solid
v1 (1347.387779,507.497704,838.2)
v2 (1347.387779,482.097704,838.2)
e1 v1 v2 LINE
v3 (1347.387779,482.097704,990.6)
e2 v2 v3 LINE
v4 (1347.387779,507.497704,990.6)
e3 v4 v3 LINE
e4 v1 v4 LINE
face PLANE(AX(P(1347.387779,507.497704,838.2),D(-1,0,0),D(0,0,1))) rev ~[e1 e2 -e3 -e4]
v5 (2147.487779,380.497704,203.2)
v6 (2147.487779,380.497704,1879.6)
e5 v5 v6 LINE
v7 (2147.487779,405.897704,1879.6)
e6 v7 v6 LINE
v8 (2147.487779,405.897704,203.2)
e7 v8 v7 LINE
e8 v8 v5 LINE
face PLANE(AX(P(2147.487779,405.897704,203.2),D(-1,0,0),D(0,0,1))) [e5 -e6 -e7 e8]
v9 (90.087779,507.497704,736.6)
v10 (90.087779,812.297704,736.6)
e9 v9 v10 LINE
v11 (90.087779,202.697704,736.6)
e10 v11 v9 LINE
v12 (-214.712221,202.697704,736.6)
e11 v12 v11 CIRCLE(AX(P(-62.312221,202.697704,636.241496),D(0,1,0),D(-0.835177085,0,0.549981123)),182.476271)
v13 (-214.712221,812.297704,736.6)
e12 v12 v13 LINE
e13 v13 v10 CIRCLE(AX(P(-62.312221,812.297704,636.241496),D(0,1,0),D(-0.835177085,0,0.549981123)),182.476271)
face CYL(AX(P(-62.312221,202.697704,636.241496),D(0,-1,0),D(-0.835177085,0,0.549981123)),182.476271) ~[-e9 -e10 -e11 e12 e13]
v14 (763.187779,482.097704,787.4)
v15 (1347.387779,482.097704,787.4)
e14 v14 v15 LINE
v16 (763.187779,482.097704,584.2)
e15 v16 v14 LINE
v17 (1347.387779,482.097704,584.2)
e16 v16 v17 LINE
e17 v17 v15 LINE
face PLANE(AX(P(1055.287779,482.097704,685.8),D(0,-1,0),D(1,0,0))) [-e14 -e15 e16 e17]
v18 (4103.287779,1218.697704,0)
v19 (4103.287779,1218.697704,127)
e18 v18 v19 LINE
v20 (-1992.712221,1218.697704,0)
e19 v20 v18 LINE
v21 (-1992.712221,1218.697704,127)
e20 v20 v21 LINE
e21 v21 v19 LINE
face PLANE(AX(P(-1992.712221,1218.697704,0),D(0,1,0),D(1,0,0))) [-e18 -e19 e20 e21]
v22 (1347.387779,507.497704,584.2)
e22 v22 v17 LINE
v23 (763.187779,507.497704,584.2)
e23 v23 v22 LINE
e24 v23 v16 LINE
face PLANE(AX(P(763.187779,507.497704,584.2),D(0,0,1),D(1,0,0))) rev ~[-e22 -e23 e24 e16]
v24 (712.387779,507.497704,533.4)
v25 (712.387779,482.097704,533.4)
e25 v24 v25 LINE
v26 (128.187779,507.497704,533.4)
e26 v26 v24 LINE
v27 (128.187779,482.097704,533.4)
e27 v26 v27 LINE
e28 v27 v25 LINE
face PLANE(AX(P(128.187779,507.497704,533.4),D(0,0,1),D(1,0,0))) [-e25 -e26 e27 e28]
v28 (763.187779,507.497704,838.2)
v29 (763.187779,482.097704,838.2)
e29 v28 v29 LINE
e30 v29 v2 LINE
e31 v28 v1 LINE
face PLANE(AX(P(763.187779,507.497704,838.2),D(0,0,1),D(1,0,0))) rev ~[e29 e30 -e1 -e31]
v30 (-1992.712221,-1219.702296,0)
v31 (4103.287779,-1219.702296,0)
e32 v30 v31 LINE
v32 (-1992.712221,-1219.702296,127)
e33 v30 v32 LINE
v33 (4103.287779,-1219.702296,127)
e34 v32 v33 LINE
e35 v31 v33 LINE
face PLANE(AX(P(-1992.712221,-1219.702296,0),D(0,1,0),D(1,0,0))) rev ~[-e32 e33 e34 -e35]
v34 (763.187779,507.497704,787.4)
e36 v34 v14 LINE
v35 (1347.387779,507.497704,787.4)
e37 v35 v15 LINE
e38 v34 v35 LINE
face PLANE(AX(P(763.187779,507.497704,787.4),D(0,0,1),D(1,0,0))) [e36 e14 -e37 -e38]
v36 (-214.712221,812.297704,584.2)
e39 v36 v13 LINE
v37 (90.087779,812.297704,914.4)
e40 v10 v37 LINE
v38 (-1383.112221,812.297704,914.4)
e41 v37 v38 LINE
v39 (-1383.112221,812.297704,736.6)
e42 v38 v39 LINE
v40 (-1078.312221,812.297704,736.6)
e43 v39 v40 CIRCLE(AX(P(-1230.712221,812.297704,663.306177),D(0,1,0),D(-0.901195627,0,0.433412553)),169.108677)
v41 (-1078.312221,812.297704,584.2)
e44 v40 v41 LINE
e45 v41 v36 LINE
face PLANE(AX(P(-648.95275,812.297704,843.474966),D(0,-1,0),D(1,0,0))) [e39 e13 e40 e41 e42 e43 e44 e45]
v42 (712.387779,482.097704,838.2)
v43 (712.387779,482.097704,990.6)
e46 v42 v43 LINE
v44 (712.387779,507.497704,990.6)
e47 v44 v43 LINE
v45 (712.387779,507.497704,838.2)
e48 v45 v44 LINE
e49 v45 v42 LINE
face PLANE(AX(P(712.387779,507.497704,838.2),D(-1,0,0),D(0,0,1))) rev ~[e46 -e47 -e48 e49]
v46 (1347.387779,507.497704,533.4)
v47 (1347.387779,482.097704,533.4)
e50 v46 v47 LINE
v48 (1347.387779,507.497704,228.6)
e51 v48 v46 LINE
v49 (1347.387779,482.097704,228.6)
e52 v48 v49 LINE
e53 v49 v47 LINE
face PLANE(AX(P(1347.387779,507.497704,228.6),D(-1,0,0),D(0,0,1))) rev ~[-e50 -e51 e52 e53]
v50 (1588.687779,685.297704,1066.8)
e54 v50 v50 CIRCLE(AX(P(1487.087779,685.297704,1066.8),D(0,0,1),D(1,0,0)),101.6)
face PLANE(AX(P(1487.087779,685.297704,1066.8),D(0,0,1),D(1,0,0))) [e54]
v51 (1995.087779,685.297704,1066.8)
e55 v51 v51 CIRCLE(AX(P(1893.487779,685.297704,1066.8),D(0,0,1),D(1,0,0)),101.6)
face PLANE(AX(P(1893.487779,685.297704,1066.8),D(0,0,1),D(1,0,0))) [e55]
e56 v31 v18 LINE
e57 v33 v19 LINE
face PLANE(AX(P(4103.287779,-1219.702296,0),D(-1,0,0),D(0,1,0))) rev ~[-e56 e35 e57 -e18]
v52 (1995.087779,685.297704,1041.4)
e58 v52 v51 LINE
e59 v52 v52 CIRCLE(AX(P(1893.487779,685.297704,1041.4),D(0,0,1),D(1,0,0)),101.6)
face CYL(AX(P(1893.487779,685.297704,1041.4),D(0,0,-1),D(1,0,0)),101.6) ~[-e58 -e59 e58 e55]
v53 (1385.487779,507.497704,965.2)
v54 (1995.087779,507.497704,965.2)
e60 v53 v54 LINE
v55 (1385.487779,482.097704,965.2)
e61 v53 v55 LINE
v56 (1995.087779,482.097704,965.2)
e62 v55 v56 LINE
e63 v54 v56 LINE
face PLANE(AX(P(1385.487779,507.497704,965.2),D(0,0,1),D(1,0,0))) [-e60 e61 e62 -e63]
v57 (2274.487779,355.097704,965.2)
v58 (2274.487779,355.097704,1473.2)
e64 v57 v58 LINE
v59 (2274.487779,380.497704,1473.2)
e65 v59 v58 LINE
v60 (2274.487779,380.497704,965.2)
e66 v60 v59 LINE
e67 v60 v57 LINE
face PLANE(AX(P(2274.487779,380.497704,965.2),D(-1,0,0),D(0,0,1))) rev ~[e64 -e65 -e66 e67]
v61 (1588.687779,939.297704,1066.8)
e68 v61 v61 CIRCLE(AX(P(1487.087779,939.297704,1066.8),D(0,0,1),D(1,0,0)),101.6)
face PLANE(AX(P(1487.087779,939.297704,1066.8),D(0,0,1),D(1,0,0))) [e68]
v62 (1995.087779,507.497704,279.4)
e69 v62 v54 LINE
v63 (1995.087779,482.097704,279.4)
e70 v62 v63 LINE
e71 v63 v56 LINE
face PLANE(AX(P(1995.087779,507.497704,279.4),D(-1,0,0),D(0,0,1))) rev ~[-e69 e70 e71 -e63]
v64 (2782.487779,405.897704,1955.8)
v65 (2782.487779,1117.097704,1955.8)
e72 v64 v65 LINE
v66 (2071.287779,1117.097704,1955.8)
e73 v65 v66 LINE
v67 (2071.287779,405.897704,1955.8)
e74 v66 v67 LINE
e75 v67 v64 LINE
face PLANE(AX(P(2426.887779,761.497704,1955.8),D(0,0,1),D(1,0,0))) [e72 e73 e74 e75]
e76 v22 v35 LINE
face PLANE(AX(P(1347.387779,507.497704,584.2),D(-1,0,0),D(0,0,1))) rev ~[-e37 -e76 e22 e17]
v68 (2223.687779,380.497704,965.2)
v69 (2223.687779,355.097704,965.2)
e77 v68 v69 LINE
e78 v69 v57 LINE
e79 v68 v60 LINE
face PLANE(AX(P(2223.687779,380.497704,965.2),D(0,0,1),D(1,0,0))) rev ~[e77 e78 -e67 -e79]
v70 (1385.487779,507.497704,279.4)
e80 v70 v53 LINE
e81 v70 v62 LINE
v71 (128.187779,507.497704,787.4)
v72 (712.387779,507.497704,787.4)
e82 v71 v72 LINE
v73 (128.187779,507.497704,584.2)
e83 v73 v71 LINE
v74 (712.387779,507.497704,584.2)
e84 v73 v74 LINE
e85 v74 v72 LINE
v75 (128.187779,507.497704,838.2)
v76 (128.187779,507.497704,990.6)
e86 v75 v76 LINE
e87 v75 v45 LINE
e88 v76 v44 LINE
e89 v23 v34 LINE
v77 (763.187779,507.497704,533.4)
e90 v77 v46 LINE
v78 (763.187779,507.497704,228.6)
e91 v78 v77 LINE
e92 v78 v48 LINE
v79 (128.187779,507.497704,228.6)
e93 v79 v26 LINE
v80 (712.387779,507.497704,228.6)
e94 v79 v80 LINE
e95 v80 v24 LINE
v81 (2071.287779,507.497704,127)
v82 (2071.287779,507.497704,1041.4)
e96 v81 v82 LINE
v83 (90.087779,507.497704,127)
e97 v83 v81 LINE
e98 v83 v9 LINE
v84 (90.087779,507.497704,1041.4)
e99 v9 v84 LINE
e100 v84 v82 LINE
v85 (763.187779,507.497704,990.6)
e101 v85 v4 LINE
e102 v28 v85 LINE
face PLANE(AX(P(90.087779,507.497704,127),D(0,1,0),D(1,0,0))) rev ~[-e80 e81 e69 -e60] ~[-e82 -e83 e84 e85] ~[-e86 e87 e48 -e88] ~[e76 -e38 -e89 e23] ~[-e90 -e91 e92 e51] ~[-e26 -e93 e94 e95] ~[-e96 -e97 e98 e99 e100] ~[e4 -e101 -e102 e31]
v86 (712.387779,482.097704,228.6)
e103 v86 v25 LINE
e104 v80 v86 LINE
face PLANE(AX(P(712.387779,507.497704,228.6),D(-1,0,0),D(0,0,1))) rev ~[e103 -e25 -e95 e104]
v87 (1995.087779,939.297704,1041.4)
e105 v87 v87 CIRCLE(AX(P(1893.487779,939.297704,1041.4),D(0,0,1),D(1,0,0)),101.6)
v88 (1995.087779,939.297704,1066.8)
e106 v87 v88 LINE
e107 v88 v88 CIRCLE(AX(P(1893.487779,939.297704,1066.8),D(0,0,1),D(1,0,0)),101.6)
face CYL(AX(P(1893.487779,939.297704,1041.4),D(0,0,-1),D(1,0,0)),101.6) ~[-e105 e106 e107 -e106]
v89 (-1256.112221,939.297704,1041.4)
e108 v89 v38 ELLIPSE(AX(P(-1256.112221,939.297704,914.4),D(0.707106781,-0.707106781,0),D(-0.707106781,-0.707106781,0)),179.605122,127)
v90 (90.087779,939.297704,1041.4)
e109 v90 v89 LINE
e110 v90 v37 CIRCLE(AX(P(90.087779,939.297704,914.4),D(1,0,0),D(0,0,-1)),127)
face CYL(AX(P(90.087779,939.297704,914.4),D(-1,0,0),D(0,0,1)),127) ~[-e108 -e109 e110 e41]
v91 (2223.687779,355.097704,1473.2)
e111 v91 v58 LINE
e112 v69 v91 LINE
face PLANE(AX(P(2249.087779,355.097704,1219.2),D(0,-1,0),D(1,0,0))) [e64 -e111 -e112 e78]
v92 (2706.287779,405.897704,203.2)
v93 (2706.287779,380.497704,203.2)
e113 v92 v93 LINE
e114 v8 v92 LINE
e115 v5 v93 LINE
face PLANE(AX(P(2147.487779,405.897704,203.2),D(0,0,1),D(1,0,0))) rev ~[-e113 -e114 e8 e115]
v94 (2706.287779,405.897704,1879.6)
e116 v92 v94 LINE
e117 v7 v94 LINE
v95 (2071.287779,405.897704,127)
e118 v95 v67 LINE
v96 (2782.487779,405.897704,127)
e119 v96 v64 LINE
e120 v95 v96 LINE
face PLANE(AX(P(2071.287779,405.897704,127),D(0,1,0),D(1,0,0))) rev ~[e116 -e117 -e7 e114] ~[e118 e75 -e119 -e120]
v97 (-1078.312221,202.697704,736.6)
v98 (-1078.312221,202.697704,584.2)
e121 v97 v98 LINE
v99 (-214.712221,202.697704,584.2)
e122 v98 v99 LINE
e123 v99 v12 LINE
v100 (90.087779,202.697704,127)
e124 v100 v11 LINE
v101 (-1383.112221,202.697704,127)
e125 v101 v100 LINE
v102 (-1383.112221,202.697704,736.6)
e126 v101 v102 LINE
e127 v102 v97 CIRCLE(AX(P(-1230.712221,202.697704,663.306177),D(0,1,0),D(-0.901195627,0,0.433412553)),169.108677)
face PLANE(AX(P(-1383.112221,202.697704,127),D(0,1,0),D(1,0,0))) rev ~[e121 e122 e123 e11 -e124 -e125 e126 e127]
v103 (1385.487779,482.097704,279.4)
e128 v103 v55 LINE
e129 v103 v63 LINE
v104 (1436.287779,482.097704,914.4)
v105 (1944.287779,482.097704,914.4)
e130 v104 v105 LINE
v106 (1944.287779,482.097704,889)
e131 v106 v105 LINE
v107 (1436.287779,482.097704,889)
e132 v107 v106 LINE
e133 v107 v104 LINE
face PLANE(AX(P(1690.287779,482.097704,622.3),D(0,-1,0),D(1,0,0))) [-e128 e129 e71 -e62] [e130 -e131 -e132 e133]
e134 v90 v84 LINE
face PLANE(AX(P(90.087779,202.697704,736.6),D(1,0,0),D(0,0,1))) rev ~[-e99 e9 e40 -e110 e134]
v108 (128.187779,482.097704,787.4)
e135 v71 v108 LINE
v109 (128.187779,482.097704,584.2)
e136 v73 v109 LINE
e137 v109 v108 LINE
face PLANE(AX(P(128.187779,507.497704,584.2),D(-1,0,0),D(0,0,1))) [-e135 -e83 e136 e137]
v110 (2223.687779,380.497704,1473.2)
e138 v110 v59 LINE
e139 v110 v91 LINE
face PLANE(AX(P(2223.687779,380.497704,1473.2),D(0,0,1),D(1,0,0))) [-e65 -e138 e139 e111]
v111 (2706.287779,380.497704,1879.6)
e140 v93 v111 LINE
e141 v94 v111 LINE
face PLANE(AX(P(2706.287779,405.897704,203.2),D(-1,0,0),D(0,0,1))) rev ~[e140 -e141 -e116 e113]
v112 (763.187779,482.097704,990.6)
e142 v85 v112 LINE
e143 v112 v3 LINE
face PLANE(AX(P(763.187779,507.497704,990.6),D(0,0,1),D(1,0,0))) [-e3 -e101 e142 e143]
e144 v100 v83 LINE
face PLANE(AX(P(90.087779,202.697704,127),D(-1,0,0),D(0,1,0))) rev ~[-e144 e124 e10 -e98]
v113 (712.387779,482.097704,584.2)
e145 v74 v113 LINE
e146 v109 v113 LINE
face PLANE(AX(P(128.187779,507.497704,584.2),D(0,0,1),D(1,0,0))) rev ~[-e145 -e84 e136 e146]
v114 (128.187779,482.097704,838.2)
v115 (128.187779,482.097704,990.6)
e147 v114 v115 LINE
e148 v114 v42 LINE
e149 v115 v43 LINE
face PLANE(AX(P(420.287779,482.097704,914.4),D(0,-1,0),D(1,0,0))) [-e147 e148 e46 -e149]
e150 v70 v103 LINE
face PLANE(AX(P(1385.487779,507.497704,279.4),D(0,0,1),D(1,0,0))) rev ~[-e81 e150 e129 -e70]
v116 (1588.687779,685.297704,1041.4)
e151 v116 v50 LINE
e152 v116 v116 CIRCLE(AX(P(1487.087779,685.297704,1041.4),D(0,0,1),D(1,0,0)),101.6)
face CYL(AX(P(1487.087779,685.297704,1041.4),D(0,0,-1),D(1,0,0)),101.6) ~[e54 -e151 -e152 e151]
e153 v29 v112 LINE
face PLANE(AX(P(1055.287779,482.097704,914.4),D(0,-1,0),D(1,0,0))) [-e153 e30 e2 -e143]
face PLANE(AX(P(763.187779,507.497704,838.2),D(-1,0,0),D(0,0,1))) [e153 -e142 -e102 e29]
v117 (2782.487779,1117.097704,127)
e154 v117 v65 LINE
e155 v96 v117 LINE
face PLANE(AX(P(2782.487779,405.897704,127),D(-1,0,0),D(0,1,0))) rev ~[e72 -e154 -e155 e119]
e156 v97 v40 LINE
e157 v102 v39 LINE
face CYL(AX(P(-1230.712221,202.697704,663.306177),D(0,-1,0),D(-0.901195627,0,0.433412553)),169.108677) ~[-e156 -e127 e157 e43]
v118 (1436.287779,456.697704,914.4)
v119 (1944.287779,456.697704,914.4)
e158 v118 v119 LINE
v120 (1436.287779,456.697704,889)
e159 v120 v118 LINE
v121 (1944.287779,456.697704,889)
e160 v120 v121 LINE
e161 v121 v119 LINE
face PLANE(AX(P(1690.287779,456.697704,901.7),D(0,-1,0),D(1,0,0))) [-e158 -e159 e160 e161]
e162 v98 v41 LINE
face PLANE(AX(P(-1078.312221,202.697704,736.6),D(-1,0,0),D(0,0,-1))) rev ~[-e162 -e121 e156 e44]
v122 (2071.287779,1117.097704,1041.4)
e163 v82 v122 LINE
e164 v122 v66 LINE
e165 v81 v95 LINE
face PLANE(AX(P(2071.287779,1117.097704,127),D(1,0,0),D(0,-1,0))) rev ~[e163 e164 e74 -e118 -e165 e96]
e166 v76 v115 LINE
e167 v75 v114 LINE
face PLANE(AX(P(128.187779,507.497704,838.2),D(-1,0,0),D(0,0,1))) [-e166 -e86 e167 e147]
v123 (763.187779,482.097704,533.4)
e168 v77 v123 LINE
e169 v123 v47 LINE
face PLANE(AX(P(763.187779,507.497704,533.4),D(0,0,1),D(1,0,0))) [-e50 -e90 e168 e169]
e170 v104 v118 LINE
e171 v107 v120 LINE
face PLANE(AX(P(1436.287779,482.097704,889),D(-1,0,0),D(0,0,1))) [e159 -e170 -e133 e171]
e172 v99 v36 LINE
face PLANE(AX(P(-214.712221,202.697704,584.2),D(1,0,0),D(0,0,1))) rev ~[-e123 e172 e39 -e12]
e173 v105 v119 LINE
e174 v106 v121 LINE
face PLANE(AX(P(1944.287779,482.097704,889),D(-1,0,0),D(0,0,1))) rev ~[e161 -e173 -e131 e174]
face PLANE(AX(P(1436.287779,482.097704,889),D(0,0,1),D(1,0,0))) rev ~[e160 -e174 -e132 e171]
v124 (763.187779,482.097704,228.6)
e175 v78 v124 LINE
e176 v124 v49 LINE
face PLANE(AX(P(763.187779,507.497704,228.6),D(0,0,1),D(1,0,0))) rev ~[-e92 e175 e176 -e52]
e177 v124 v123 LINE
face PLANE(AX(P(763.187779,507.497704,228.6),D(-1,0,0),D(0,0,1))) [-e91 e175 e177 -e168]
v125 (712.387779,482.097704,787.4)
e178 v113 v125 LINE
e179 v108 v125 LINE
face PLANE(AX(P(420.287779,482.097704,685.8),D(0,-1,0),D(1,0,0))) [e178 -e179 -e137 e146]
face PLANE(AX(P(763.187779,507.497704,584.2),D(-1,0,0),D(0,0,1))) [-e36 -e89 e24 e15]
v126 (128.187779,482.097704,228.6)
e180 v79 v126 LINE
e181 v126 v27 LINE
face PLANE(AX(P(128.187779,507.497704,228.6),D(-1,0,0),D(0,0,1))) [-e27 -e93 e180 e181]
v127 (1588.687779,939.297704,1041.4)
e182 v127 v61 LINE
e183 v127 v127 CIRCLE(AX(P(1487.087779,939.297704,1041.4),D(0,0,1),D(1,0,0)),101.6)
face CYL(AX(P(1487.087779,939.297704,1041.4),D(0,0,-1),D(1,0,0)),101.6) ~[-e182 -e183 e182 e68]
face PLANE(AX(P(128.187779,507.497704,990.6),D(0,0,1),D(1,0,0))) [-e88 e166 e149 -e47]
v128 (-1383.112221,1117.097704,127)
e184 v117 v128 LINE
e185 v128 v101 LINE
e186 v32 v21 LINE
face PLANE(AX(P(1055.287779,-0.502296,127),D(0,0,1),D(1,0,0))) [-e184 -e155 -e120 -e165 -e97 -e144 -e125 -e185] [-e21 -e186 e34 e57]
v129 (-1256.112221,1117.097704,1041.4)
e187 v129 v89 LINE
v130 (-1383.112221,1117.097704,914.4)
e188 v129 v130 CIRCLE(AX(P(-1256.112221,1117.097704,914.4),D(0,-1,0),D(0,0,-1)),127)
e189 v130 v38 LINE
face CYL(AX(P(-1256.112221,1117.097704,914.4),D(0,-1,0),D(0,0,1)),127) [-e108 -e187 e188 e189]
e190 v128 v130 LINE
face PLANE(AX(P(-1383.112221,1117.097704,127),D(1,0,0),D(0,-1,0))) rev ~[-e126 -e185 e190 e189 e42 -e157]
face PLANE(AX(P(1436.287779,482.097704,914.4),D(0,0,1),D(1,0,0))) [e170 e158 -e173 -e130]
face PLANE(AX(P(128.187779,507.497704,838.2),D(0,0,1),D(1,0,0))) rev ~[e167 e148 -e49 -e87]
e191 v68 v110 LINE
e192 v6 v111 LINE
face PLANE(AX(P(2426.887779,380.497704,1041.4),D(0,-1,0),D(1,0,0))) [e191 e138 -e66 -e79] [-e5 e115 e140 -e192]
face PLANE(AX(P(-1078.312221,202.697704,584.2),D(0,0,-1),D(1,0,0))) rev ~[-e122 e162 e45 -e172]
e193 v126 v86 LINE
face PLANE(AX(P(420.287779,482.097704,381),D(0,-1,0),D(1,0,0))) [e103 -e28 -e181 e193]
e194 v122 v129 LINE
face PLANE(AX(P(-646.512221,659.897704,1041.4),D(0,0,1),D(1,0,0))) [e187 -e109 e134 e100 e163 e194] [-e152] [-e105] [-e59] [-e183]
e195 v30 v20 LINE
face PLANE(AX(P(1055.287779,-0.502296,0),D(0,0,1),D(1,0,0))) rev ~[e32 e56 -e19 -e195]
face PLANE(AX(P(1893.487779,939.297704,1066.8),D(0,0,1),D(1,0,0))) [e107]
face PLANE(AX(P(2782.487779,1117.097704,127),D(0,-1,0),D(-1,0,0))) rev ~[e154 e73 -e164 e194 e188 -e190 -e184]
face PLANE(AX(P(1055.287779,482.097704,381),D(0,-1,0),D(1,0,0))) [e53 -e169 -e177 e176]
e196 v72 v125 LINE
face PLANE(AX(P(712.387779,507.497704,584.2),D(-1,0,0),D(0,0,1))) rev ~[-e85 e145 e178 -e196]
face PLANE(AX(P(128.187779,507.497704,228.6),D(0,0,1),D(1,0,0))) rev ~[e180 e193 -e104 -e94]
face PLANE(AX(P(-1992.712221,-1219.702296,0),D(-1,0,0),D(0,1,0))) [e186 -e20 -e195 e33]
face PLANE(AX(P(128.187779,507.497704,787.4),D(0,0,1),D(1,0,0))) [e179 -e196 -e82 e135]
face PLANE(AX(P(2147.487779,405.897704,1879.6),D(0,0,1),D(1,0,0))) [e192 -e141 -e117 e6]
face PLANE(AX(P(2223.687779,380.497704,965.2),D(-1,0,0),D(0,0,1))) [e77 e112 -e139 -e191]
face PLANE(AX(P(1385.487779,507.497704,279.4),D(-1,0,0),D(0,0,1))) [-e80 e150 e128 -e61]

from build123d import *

# Parameters (mm, degrees)
F0_W      = 6096
F0_H      = 2438.4
F1_DEPTH  = 127
F2_W      = 1219.2
F2_H      = 609.6
F2_W_2    = 762
F3_DEPTH  = 914.4
F4_DEPTH  = 1828.8
F5_R      = 101.6
F6_DEPTH  = 25.4
F7_W      = 609.6
F7_H      = 685.8
F8_DEPTH  = 25.4
F9_W      = 508
F9_H      = 25.4
F10_DEPTH = 25.4
F11_W     = 558.8
F11_H     = 1676.4
F12_DEPTH = 25.4
F13_W     = 50.8
F13_H     = 508
F14_DEPTH = 25.4
F15_W     = 584.2
F15_H     = 152.4
F15_H_2   = 203.2
F15_H_3   = 304.8
F16_DEPTH = 25.4
F18_DEPTH = 609.6
F19_R     = 127


with BuildPart() as f1:
    # F0 (on Top) → F1 (new body)
    with BuildSketch(Plane.XY):
        with Locations((1055.2877792192, -0.5022957921)):
            Rectangle(F0_W, F0_H)
    extrude(amount=F1_DEPTH)

    # F2 (on face) → F3 (join)
    with BuildSketch(Plane.XY.offset(127)):
        Polygon((90.0877792192, 1117.0977042079), (-1383.1122207808, 1117.0977042079), (-1383.1122207808, 507.4977042079), (-1383.1122207808, 202.6977042079), (90.0877792192, 202.6977042079), (90.0877792192, 507.4977042079), align=None)
        with Locations((699.6877792192, 812.2977042079)):
            Rectangle(F2_W, F2_H)
        with Locations((1690.2877792192, 812.2977042079)):
            Rectangle(F2_W_2, F2_H)
    extrude(amount=F3_DEPTH)

    # F2 (on face) → F4 (join)
    with BuildSketch(Plane.XY.offset(127)):
        Polygon((2782.4877792192, 1117.0977042079), (2071.2877792192, 1117.0977042079), (2071.2877792192, 507.4977042079), (2071.2877792192, 405.8977042079), (2782.4877792192, 405.8977042079), align=None)
    extrude(amount=F4_DEPTH)

    # F5 (on face) → F6 (join)
    with BuildSketch(Plane.XY.offset(1041.4)):
        with Locations((1893.4877792192, 939.2977042079)):
            Circle(F5_R)
        with Locations((1487.0877792192, 939.2977042079)):
            Circle(F5_R)
        with Locations((1487.0877792192, 685.2977042079)):
            Circle(F5_R)
        with Locations((1893.4877792192, 685.2977042079)):
            Circle(F5_R)
    extrude(amount=F6_DEPTH)

    # F7 (on face) → F8 (join)
    with BuildSketch(Plane.XZ.offset(-507.4977042079)):
        with Locations((1690.2877792192, 622.3)):
            Rectangle(F7_W, F7_H)
    extrude(amount=F8_DEPTH)

    # F9 (on face) → F10 (join)
    with BuildSketch(Plane.XZ.offset(-482.0977042079)):
        with Locations((1690.2877792192, 901.7)):
            Rectangle(F9_W, F9_H)
    extrude(amount=F10_DEPTH)

    # F11 (on face) → F12 (join)
    with BuildSketch(Plane.XZ.offset(-405.8977042079)):
        with Locations((2426.8877792192, 1041.4)):
            Rectangle(F11_W, F11_H)
    extrude(amount=F12_DEPTH)

    # F13 (on face) → F14 (join)
    with BuildSketch(Plane.XZ.offset(-380.4977042079)):
        with Locations((2249.0877792192, 1219.2)):
            Rectangle(F13_W, F13_H)
    extrude(amount=F14_DEPTH)

    # F15 (on face) → F16 (join)
    with BuildSketch(Plane.XZ.offset(-507.4977042079)):
        with Locations((420.2877792192, 914.4)):
            Rectangle(F15_W, F15_H)
        with Locations((1055.2877792192, 914.4)):
            Rectangle(F15_W, F15_H)
        with Locations((420.2877792192, 685.8)):
            Rectangle(F15_W, F15_H_2)
        with Locations((1055.2877792192, 685.8)):
            Rectangle(F15_W, F15_H_2)
        with Locations((420.2877792192, 381)):
            Rectangle(F15_W, F15_H_3)
        with Locations((1055.2877792192, 381)):
            Rectangle(F15_W, F15_H_3)
    extrude(amount=F16_DEPTH)

    # F17 (on face) → F18 (cut)
    with BuildSketch(Plane.XZ.offset(-202.6977042079)):
        with BuildLine():
            Line((-1383.1122207808, 1041.4), (-1383.1122207808, 736.6))
            ThreePointArc((-1383.1122207808, 736.6), (-1230.7122207808, 832.4148533749), (-1078.3122207808, 736.6))
            Line((-1078.3122207808, 736.6), (-1078.3122207808, 584.2))
            Line((-1078.3122207808, 584.2), (-214.7122207808, 584.2))
            Line((-214.7122207808, 584.2), (-214.7122207808, 736.6))
            ThreePointArc((-214.7122207808, 736.6), (-62.3122207808, 818.7177664051), (90.0877792192, 736.6))
            Line((90.0877792192, 736.6), (90.0877792192, 1041.4))
            Line((90.0877792192, 1041.4), (-1383.1122207808, 1041.4))
        make_face()
    extrude(amount=-F18_DEPTH, mode=Mode.SUBTRACT)

    # F19
    f19_edges = [f1.edges().sort_by_distance(p)[0] for p in [
        (-646.512221, 812.297704, 1041.4),
        (-1383.112221, 964.697704, 1041.4),
    ]]
    fillet(f19_edges, radius=F19_R)


solid = f1.part
